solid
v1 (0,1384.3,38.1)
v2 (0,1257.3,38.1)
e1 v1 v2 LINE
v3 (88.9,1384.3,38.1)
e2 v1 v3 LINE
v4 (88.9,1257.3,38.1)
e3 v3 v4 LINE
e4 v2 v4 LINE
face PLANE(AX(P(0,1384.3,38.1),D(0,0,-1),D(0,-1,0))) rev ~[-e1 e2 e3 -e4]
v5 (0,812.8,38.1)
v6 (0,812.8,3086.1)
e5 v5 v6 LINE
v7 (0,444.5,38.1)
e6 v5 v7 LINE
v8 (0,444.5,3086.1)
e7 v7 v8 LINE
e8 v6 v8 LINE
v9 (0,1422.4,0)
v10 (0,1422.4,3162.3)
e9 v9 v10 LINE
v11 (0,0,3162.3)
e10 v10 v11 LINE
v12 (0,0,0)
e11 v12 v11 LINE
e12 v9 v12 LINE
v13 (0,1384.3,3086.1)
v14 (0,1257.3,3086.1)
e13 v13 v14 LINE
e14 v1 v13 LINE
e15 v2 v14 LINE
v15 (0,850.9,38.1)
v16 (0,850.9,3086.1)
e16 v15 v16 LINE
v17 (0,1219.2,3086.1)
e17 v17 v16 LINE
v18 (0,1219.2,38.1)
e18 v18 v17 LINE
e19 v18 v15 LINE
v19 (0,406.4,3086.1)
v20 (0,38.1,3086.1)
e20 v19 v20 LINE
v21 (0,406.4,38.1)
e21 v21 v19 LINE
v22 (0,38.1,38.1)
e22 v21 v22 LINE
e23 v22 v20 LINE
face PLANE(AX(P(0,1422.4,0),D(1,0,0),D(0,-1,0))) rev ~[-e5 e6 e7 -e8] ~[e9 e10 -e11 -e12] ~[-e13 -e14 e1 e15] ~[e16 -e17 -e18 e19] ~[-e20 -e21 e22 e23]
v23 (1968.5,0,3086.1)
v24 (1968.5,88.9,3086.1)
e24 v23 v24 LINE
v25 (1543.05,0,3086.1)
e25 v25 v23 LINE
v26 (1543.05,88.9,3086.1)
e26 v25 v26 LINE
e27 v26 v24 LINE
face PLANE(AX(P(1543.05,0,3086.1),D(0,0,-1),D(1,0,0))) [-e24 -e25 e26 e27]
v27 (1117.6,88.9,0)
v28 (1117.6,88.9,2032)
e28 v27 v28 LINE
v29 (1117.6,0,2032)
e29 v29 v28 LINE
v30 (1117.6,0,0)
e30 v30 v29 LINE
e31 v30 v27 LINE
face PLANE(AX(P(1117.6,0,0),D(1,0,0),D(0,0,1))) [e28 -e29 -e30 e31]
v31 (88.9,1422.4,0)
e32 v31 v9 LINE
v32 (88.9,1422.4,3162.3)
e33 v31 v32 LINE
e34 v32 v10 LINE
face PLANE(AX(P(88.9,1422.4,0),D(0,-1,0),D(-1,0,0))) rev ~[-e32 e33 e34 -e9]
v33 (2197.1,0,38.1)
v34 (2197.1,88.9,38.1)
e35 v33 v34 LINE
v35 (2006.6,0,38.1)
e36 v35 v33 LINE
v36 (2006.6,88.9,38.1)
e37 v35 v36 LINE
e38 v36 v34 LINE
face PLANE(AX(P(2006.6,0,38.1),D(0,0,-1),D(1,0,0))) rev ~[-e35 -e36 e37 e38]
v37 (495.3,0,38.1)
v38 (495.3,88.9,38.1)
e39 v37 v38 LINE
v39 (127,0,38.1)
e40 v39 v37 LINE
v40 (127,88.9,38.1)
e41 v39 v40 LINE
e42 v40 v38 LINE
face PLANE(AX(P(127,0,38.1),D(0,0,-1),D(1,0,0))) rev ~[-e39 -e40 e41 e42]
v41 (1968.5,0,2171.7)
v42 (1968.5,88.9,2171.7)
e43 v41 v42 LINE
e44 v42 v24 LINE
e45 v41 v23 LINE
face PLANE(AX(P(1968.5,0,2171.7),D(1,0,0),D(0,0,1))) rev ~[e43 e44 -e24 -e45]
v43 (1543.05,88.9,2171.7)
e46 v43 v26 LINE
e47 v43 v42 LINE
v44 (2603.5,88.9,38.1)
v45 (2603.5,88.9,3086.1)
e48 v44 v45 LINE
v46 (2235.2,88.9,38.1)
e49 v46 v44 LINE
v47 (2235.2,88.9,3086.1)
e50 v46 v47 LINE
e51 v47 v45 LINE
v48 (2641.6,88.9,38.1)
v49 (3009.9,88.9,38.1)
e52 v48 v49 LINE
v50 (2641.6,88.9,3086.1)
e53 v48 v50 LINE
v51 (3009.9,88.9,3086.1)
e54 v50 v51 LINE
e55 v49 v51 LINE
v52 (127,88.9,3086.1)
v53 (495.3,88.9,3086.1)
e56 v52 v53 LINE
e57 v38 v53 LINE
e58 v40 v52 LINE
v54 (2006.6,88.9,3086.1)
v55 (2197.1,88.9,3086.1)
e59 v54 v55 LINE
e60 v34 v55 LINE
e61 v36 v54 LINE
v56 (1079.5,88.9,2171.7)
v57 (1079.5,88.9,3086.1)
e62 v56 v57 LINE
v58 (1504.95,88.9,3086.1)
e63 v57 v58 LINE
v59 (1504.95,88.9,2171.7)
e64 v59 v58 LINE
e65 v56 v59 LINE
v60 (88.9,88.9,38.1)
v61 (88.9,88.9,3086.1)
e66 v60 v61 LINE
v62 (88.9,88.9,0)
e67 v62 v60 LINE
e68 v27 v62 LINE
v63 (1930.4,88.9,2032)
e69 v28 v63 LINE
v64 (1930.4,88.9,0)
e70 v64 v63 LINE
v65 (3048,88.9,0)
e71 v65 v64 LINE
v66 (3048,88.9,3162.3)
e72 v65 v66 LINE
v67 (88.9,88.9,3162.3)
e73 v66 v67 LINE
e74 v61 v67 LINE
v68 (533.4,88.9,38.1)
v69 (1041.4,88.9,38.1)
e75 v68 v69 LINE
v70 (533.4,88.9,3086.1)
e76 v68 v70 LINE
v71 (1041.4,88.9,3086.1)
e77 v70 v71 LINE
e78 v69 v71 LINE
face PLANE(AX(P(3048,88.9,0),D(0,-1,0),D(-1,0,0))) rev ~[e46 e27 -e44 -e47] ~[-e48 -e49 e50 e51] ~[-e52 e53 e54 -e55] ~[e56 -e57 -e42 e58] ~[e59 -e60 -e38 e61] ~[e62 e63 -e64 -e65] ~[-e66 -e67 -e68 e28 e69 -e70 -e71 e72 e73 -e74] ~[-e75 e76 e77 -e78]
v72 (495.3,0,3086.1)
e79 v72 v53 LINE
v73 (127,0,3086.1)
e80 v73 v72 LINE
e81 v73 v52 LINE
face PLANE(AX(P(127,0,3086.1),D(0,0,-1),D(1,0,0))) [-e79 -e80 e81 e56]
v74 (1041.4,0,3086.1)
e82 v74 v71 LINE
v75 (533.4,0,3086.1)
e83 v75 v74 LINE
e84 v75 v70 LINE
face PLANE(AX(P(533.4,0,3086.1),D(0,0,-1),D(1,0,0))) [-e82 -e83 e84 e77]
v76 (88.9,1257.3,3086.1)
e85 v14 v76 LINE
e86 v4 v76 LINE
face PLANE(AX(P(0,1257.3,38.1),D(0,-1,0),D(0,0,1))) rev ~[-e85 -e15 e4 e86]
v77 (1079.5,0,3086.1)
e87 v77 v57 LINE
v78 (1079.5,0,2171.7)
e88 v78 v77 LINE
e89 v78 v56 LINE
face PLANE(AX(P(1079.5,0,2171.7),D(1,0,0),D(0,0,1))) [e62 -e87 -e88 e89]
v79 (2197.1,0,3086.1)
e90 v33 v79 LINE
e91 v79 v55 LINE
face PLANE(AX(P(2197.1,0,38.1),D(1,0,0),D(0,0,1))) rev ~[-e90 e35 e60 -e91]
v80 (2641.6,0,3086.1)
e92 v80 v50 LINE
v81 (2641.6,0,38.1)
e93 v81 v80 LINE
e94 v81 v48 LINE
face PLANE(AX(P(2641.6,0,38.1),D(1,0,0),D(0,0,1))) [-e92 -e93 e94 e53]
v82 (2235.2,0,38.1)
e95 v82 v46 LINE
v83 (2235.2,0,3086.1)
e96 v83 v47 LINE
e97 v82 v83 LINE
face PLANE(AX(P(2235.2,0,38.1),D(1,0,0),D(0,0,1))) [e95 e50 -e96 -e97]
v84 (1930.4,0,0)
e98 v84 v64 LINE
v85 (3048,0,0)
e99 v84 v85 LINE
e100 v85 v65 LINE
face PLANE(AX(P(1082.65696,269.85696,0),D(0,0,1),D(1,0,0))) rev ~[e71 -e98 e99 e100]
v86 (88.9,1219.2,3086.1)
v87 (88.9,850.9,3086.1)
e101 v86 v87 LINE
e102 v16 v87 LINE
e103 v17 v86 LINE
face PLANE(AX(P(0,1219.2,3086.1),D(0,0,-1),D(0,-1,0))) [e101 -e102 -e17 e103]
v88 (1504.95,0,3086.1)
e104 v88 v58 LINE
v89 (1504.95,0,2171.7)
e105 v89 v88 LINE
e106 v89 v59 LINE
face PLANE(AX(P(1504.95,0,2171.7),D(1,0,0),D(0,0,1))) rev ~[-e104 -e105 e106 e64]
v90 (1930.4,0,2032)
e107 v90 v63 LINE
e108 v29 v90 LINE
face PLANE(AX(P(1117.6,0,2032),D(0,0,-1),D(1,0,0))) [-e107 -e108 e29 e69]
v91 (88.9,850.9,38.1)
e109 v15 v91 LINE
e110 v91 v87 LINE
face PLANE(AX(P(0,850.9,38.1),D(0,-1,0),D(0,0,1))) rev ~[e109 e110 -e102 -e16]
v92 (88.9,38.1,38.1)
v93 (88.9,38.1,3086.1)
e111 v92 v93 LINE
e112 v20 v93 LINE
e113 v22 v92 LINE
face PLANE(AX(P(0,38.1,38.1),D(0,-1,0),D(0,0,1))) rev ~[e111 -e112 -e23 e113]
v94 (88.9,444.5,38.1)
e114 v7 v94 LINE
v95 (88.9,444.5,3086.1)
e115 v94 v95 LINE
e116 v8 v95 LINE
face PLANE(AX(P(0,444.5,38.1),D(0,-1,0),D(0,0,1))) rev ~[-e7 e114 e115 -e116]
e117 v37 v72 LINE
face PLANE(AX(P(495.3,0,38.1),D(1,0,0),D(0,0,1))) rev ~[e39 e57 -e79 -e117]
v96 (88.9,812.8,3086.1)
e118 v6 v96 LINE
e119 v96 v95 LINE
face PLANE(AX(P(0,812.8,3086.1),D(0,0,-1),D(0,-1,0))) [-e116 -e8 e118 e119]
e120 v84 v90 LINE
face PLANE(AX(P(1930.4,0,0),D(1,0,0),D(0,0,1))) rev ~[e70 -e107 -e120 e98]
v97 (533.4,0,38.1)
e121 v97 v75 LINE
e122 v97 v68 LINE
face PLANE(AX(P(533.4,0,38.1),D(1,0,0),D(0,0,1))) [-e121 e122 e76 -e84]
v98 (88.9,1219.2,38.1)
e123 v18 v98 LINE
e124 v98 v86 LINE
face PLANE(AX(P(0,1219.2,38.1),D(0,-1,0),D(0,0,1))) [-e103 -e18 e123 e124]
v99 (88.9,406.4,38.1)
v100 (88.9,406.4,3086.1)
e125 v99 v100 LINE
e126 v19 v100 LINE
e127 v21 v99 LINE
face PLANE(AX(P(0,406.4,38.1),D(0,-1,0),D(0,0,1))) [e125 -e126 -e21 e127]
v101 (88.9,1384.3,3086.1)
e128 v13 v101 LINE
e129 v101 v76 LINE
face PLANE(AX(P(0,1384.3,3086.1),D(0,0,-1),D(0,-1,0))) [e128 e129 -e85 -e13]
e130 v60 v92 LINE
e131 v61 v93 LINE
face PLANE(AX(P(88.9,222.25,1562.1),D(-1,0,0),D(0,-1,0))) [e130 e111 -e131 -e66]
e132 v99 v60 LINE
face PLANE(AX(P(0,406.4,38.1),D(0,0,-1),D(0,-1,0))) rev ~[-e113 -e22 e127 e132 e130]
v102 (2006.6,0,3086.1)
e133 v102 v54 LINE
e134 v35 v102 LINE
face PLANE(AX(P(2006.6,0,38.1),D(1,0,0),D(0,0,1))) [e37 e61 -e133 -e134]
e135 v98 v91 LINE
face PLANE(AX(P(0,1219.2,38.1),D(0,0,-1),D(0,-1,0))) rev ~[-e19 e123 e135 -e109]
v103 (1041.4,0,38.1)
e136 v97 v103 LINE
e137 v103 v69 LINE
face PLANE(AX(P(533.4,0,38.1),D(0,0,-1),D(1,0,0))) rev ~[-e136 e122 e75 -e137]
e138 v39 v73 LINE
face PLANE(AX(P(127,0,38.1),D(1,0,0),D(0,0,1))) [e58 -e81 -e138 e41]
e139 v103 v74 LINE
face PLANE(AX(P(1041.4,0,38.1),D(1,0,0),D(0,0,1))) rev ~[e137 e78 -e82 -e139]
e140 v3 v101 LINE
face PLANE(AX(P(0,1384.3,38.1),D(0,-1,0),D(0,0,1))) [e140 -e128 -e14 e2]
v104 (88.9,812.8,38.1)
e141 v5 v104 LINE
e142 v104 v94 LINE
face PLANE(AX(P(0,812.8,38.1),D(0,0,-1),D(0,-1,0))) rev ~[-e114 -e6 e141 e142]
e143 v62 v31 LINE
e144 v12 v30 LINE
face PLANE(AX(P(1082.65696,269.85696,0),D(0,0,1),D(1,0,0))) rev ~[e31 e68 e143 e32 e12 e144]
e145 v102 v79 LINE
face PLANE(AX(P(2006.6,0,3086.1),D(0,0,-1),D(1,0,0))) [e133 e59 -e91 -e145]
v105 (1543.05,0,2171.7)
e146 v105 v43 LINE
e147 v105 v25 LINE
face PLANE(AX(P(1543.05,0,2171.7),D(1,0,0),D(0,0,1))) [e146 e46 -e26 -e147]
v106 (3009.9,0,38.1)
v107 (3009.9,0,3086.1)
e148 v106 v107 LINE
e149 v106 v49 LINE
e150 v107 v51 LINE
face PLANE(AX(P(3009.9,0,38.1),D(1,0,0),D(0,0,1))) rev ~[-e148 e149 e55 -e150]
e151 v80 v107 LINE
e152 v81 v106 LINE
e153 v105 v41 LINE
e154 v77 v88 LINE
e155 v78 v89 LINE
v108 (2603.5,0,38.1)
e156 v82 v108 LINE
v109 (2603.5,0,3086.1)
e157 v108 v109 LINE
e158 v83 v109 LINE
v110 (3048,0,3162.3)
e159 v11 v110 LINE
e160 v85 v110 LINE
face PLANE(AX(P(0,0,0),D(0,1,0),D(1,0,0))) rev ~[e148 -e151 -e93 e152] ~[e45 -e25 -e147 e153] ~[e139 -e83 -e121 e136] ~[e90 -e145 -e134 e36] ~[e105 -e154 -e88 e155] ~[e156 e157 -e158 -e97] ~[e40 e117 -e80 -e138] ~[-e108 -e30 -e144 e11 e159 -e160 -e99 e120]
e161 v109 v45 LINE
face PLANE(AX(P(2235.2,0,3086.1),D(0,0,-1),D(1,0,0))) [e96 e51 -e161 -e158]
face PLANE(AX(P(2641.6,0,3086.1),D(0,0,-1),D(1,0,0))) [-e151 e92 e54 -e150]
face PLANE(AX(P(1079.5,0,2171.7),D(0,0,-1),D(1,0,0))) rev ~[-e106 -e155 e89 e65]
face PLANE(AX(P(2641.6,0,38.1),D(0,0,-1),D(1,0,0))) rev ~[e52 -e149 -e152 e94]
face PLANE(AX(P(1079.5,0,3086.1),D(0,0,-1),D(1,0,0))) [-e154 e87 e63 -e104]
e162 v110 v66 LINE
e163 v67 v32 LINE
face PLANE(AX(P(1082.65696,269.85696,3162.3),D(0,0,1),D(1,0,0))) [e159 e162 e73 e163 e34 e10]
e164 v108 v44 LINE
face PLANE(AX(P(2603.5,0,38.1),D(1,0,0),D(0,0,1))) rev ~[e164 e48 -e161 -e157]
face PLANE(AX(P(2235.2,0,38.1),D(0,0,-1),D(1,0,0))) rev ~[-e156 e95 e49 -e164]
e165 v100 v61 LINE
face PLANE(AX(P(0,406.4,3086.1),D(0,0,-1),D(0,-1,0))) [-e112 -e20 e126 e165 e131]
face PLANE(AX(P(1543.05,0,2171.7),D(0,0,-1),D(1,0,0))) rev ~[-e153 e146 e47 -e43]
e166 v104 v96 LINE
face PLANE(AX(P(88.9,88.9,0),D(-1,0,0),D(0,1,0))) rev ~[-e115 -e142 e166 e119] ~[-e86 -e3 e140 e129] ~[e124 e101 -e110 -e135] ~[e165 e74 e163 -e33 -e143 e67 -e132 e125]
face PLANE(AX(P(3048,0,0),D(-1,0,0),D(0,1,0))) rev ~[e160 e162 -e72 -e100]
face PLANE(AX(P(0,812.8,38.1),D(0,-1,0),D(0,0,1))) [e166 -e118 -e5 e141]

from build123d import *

# Parameters (mm, degrees)
F1_DEPTH = 3162.3
F2_W     = 368.3
F2_H     = 3048
F2_W_2   = 127
F3_DEPTH = 88.9
F4_W     = 812.8
F4_H     = 2032
F5_DEPTH = 1422.401
F6_W     = 368.3
F6_H     = 3048
F6_W_2   = 508
F6_W_3   = 190.5
F6_W_4   = 425.45
F6_H_2   = 914.4
F7_DEPTH = 88.9


with BuildPart() as f1:
    # F0 (on Top) → F1 (new body)
    with BuildSketch(Plane.XY):
        Polygon((0, 1422.4), (0, 0), (3048, 0), (3048, 88.9), (88.9, 88.9), (88.9, 1422.4), align=None)
    extrude(amount=F1_DEPTH)

    # F2 (on face) → F3 (cut)
    with BuildSketch(Plane(origin=(0, 0, 0), x_dir=(0, -1, 0), z_dir=(-1, 0, 0))):
        with Locations((-222.25, 1562.1)):
            Rectangle(F2_W, F2_H)
        with Locations((-628.65, 1562.1)):
            Rectangle(F2_W, F2_H)
        with Locations((-1035.05, 1562.1)):
            Rectangle(F2_W, F2_H)
        with Locations((-1320.8, 1562.1)):
            Rectangle(F2_W_2, F2_H)
    extrude(amount=-F3_DEPTH, mode=Mode.SUBTRACT)

    # F4 (on face) → F5 (cut, through all)
    with BuildSketch(Plane.XZ):
        with Locations((1524, 1016)):
            Rectangle(F4_W, F4_H)
    extrude(amount=-F5_DEPTH, mode=Mode.SUBTRACT)

    # F6 (on face) → F7 (cut)
    with BuildSketch(Plane.XZ):
        with Locations((311.15, 1562.1)):
            Rectangle(F6_W, F6_H)
        with Locations((787.4, 1562.1)):
            Rectangle(F6_W_2, F6_H)
        with Locations((2825.75, 1562.1)):
            Rectangle(F6_W, F6_H)
        with Locations((2419.35, 1562.1)):
            Rectangle(F6_W, F6_H)
        with Locations((2101.85, 1562.1)):
            Rectangle(F6_W_3, F6_H)
        with Locations((1292.225, 2628.9)):
            Rectangle(F6_W_4, F6_H_2)
        with Locations((1755.775, 2628.9)):
            Rectangle(F6_W_4, F6_H_2)
    extrude(amount=-F7_DEPTH, mode=Mode.SUBTRACT)


solid = f1.part
